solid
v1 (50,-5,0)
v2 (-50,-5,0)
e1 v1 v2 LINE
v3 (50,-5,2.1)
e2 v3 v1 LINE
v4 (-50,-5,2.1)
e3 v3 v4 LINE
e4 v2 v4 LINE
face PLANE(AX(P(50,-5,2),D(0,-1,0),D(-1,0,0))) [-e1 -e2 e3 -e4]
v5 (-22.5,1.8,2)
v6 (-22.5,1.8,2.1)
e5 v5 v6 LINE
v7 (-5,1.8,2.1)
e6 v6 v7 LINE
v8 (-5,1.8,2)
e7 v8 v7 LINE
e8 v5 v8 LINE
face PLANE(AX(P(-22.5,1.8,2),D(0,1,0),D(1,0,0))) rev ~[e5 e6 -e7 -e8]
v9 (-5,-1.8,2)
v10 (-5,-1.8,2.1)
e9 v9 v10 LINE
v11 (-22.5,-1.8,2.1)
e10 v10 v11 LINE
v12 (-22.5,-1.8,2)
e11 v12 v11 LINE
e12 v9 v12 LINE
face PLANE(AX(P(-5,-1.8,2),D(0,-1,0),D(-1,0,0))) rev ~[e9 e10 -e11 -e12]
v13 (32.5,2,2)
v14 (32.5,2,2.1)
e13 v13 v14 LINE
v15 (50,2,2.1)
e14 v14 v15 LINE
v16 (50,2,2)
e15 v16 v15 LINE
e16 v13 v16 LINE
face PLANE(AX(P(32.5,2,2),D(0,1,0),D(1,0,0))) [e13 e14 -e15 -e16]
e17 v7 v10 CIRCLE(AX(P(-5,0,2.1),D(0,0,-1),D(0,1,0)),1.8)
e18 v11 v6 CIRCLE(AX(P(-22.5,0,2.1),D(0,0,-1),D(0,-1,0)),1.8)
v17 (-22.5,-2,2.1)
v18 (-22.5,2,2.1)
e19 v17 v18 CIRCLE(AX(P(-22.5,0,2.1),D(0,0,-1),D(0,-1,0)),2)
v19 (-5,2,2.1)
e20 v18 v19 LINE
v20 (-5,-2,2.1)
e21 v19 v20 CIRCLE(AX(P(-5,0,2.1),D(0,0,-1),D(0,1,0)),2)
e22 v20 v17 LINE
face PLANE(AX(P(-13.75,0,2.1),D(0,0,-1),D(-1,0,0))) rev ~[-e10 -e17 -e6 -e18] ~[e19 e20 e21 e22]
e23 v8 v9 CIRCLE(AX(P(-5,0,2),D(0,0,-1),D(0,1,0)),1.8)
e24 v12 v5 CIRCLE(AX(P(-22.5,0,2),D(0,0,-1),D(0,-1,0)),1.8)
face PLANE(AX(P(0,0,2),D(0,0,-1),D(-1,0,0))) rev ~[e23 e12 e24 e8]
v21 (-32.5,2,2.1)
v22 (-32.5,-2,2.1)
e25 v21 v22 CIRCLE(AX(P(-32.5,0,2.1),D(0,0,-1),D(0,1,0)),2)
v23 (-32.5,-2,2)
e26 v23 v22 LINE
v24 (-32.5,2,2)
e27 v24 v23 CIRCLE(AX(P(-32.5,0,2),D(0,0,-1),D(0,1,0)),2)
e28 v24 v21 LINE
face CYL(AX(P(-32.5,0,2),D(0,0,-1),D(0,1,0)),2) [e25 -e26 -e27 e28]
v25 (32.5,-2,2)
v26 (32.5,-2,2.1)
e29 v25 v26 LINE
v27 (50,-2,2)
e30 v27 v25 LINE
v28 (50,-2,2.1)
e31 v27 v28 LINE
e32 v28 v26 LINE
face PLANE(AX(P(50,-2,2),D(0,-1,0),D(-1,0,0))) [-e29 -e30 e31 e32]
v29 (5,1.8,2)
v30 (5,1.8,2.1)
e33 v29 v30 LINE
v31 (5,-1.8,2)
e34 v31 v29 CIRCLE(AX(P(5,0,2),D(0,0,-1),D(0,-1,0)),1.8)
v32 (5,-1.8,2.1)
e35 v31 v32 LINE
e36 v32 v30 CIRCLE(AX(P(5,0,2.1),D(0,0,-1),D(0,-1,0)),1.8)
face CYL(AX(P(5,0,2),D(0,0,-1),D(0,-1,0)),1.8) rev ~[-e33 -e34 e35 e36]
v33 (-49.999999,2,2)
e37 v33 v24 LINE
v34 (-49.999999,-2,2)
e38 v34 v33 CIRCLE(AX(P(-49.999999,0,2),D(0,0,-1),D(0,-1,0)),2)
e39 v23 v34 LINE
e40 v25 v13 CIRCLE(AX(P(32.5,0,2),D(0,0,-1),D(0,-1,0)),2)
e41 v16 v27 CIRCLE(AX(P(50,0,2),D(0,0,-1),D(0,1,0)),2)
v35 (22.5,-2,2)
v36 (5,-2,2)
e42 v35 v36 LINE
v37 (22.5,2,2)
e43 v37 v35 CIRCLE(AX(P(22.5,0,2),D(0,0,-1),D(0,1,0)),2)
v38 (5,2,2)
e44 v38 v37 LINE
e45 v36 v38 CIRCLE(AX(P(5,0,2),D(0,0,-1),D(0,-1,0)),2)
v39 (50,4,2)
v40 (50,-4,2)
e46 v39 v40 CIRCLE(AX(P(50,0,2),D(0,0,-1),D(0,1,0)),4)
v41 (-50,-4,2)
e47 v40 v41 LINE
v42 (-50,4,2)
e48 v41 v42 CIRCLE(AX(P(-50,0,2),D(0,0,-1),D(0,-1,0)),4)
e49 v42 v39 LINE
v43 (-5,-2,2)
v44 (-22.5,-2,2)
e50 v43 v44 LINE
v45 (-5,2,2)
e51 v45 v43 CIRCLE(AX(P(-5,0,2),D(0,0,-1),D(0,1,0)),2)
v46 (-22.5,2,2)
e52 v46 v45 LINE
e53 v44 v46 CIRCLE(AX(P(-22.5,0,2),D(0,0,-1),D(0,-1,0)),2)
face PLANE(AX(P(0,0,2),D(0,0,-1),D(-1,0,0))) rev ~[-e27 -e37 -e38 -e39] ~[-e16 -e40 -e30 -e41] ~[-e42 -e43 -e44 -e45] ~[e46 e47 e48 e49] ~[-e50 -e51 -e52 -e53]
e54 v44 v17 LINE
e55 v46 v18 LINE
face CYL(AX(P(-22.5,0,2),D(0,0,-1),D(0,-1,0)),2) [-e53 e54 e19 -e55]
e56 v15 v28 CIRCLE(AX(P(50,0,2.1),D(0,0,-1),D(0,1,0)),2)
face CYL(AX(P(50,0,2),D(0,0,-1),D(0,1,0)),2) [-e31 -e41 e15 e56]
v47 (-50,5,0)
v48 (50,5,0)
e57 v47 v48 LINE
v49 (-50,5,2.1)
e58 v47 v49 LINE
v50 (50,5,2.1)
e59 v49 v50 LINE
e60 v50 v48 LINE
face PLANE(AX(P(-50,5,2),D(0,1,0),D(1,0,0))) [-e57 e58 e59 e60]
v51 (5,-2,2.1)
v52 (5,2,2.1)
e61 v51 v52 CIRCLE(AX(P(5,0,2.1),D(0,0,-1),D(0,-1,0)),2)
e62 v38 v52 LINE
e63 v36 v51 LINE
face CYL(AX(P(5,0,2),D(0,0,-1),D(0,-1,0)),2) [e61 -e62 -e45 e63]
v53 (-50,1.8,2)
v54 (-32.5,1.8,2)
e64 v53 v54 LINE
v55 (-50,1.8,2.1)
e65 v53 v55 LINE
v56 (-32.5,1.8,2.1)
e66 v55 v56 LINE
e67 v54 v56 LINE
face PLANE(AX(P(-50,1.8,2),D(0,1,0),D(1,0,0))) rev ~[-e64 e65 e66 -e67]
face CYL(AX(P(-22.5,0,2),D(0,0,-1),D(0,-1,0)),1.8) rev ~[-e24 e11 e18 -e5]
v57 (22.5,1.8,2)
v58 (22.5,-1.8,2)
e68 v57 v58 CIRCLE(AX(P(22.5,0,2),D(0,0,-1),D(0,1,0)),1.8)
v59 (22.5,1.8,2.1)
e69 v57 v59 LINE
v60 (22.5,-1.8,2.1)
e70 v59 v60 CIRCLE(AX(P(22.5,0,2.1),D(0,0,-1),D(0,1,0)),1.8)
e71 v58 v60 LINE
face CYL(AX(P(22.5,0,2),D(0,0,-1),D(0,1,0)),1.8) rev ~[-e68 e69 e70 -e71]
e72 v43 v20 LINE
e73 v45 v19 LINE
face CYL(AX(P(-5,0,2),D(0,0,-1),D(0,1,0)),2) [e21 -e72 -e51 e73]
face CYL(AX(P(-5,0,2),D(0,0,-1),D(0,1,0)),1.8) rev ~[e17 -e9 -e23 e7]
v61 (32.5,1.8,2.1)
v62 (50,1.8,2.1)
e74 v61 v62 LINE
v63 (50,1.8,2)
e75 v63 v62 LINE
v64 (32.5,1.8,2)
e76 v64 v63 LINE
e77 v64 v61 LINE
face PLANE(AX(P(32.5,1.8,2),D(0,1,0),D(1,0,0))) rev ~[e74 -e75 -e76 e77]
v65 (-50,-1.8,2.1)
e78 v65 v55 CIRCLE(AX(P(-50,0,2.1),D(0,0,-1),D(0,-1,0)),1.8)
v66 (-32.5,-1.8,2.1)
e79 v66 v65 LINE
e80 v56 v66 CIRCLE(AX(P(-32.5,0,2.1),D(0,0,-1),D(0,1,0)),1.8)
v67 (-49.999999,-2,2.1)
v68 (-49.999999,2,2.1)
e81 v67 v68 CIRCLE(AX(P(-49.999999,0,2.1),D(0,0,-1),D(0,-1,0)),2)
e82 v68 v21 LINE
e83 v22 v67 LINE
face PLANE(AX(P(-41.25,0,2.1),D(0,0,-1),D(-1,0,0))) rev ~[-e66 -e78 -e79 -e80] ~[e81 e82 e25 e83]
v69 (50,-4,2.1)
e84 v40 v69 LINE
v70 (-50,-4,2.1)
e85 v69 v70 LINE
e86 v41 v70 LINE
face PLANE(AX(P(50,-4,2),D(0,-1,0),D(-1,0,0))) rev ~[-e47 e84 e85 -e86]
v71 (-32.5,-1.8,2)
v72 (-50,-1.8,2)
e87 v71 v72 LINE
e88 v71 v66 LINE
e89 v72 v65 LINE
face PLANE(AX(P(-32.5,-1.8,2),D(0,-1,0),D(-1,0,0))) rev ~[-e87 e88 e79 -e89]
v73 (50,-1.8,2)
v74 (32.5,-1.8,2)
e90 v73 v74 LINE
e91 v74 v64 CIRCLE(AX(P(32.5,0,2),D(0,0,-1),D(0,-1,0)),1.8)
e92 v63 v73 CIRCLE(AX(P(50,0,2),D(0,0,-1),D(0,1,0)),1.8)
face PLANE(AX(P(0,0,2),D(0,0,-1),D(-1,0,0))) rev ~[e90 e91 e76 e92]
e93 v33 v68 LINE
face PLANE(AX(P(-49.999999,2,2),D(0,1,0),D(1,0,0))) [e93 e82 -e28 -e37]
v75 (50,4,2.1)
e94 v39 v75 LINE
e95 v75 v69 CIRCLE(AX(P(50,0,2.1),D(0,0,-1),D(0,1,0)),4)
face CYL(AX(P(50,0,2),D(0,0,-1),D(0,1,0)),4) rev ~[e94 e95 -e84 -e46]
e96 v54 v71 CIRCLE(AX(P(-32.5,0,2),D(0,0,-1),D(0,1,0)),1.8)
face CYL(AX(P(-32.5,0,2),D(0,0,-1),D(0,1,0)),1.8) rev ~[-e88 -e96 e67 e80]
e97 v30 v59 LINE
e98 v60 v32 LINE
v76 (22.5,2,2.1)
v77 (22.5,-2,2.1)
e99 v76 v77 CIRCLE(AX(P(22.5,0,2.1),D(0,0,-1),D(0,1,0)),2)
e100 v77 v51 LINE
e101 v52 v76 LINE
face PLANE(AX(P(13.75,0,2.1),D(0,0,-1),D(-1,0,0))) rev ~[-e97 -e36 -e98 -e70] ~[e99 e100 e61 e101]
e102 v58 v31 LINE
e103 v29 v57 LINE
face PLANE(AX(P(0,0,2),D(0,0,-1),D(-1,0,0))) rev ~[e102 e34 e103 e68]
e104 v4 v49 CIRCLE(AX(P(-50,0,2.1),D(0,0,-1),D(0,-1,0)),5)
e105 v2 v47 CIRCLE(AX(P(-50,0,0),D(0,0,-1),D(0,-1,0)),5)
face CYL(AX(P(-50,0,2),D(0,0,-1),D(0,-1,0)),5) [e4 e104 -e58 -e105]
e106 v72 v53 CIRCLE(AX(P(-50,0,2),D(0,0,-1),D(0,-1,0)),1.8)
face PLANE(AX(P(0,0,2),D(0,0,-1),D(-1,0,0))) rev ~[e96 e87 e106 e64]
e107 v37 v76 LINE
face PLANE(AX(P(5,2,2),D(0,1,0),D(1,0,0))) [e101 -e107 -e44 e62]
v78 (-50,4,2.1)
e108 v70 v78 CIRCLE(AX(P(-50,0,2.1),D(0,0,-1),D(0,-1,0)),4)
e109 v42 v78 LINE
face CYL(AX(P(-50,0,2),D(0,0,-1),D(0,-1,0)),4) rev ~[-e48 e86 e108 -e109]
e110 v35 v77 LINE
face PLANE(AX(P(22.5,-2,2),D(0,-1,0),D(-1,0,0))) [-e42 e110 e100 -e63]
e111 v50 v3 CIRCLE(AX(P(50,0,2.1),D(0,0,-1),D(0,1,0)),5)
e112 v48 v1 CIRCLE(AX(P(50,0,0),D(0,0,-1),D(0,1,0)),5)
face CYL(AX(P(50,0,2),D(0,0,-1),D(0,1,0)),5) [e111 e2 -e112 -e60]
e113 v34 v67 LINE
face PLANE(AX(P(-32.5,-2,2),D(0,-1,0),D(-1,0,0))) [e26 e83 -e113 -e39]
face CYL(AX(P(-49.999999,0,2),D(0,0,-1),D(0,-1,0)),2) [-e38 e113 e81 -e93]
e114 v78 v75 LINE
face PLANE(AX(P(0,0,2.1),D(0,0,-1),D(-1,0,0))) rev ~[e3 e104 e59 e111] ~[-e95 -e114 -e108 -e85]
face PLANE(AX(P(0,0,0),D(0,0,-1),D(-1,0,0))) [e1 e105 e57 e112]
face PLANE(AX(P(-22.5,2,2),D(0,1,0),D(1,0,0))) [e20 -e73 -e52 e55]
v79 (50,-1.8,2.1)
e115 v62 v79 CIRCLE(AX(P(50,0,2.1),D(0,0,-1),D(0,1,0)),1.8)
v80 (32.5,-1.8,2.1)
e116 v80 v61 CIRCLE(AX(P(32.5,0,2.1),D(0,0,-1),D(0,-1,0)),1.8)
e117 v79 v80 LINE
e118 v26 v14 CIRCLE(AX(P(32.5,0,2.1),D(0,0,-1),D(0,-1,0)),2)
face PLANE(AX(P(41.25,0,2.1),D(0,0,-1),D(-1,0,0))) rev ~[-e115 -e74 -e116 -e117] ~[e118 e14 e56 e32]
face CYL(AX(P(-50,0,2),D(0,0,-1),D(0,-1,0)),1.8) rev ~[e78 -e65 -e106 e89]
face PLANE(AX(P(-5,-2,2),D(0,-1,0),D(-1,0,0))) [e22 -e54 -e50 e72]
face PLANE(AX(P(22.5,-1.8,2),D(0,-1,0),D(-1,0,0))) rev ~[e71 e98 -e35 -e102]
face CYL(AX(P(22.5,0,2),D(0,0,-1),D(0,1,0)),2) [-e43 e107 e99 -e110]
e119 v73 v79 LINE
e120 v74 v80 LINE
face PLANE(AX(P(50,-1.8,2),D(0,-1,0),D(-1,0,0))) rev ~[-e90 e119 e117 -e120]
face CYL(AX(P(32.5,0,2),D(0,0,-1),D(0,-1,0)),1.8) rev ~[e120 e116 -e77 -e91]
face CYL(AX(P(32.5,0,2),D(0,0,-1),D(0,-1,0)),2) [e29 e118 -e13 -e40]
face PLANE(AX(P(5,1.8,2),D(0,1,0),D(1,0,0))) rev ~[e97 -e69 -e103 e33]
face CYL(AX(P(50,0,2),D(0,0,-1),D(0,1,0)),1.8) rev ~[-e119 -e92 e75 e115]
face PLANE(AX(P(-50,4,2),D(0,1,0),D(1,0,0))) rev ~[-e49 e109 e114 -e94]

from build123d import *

# Parameters (mm, degrees)
EXTRUDE1_DEPTH = 2
EXTRUDE2_DEPTH = 0.1
EXTRUDE3_DEPTH = 0.1


with BuildPart() as part:
    # Sketch1 → Extrude1 (new body)
    with BuildSketch(Plane.XY):
        with BuildLine():
            Line((-50, 5), (50, 5))
            ThreePointArc((50, 5), (55, 0), (50, -5))
            Line((50, -5), (-50, -5))
            ThreePointArc((-50, -5), (-55, 0), (-50, 5))
        make_face()
    extrude(amount=EXTRUDE1_DEPTH)

    # Sketch2 → Extrude2 (add)
    with BuildSketch(Plane.XY.offset(2)):
        with BuildLine():
            Line((-50, 5), (50, 5))
            ThreePointArc((50, 5), (55, 0), (50, -5))
            Line((50, -5), (-50, -5))
            ThreePointArc((-50, -5), (-55, 0), (-50, 5))
        make_face()
        with BuildLine():
            Line((-50, 4), (50, 4))
            ThreePointArc((50, 4), (54, 0), (50, -4))
            Line((50, -4), (-50, -4))
            ThreePointArc((-50, -4), (-54, 0), (-50, 4))
        make_face(mode=Mode.SUBTRACT)
    extrude(amount=EXTRUDE2_DEPTH)

    # Sketch3 → Extrude3 (add)
    with BuildSketch(Plane.XY.offset(2)):
        with BuildLine():
            Line((-49.999999498, 2), (-32.499999623, 2))
            ThreePointArc((-32.499999623, 2), (-30.499999623, 0), (-32.499999623, -2))
            Line((-32.499999623, -2), (-49.999999498, -2))
            ThreePointArc((-49.999999498, -2), (-51.999999498, 0), (-49.999999498, 2))
        make_face()
        with BuildLine():
            Line((-50, 1.8), (-32.499999623, 1.8))
            ThreePointArc((-32.499999623, 1.8), (-30.699999623, 0), (-32.499999623, -1.8))
            Line((-32.499999623, -1.8), (-50, -1.8))
            ThreePointArc((-50, -1.8), (-51.8, 0), (-50, 1.8))
        make_face(mode=Mode.SUBTRACT)
        with BuildLine():
            Line((-22.499999623, 2), (-4.999999749, 2))
            ThreePointArc((-4.999999749, 2), (-2.999999749, 0), (-4.999999749, -2))
            Line((-4.999999749, -2), (-22.499999623, -2))
            ThreePointArc((-22.499999623, -2), (-24.499999623, 0), (-22.499999623, 2))
        make_face()
        with BuildLine():
            Line((-22.499999623, 1.8), (-4.999999749, 1.8))
            ThreePointArc((-4.999999749, 1.8), (-3.199999749, 0), (-4.999999749, -1.8))
            Line((-4.999999749, -1.8), (-22.499999623, -1.8))
            ThreePointArc((-22.499999623, -1.8), (-24.299999623, 0), (-22.499999623, 1.8))
        make_face(mode=Mode.SUBTRACT)
        with BuildLine():
            Line((5.000000251, 2), (22.500000126, 2))
            ThreePointArc((22.500000126, 2), (24.500000126, 0), (22.500000126, -2))
            Line((22.500000126, -2), (5.000000251, -2))
            ThreePointArc((5.000000251, -2), (3.000000251, 0), (5.000000251, 2))
        make_face()
        with BuildLine():
            Line((5.000000251, 1.8), (22.500000126, 1.8))
            ThreePointArc((22.500000126, 1.8), (24.300000126, 0), (22.500000126, -1.8))
            Line((22.500000126, -1.8), (5.000000251, -1.8))
            ThreePointArc((5.000000251, -1.8), (3.200000251, 0), (5.000000251, 1.8))
        make_face(mode=Mode.SUBTRACT)
        with BuildLine():
            Line((32.500000126, 2), (50, 2))
            ThreePointArc((50, 2), (52, 0), (50, -2))
            Line((50, -2), (32.500000126, -2))
            ThreePointArc((32.500000126, -2), (30.500000126, 0), (32.500000126, 2))
        make_face()
        with BuildLine():
            Line((32.500000126, 1.8), (50, 1.8))
            ThreePointArc((50, 1.8), (51.8, 0), (50, -1.8))
            Line((50, -1.8), (32.500000126, -1.8))
            ThreePointArc((32.500000126, -1.8), (30.700000126, 0), (32.500000126, 1.8))
        make_face(mode=Mode.SUBTRACT)
    extrude(amount=EXTRUDE3_DEPTH)


solid = part.part
